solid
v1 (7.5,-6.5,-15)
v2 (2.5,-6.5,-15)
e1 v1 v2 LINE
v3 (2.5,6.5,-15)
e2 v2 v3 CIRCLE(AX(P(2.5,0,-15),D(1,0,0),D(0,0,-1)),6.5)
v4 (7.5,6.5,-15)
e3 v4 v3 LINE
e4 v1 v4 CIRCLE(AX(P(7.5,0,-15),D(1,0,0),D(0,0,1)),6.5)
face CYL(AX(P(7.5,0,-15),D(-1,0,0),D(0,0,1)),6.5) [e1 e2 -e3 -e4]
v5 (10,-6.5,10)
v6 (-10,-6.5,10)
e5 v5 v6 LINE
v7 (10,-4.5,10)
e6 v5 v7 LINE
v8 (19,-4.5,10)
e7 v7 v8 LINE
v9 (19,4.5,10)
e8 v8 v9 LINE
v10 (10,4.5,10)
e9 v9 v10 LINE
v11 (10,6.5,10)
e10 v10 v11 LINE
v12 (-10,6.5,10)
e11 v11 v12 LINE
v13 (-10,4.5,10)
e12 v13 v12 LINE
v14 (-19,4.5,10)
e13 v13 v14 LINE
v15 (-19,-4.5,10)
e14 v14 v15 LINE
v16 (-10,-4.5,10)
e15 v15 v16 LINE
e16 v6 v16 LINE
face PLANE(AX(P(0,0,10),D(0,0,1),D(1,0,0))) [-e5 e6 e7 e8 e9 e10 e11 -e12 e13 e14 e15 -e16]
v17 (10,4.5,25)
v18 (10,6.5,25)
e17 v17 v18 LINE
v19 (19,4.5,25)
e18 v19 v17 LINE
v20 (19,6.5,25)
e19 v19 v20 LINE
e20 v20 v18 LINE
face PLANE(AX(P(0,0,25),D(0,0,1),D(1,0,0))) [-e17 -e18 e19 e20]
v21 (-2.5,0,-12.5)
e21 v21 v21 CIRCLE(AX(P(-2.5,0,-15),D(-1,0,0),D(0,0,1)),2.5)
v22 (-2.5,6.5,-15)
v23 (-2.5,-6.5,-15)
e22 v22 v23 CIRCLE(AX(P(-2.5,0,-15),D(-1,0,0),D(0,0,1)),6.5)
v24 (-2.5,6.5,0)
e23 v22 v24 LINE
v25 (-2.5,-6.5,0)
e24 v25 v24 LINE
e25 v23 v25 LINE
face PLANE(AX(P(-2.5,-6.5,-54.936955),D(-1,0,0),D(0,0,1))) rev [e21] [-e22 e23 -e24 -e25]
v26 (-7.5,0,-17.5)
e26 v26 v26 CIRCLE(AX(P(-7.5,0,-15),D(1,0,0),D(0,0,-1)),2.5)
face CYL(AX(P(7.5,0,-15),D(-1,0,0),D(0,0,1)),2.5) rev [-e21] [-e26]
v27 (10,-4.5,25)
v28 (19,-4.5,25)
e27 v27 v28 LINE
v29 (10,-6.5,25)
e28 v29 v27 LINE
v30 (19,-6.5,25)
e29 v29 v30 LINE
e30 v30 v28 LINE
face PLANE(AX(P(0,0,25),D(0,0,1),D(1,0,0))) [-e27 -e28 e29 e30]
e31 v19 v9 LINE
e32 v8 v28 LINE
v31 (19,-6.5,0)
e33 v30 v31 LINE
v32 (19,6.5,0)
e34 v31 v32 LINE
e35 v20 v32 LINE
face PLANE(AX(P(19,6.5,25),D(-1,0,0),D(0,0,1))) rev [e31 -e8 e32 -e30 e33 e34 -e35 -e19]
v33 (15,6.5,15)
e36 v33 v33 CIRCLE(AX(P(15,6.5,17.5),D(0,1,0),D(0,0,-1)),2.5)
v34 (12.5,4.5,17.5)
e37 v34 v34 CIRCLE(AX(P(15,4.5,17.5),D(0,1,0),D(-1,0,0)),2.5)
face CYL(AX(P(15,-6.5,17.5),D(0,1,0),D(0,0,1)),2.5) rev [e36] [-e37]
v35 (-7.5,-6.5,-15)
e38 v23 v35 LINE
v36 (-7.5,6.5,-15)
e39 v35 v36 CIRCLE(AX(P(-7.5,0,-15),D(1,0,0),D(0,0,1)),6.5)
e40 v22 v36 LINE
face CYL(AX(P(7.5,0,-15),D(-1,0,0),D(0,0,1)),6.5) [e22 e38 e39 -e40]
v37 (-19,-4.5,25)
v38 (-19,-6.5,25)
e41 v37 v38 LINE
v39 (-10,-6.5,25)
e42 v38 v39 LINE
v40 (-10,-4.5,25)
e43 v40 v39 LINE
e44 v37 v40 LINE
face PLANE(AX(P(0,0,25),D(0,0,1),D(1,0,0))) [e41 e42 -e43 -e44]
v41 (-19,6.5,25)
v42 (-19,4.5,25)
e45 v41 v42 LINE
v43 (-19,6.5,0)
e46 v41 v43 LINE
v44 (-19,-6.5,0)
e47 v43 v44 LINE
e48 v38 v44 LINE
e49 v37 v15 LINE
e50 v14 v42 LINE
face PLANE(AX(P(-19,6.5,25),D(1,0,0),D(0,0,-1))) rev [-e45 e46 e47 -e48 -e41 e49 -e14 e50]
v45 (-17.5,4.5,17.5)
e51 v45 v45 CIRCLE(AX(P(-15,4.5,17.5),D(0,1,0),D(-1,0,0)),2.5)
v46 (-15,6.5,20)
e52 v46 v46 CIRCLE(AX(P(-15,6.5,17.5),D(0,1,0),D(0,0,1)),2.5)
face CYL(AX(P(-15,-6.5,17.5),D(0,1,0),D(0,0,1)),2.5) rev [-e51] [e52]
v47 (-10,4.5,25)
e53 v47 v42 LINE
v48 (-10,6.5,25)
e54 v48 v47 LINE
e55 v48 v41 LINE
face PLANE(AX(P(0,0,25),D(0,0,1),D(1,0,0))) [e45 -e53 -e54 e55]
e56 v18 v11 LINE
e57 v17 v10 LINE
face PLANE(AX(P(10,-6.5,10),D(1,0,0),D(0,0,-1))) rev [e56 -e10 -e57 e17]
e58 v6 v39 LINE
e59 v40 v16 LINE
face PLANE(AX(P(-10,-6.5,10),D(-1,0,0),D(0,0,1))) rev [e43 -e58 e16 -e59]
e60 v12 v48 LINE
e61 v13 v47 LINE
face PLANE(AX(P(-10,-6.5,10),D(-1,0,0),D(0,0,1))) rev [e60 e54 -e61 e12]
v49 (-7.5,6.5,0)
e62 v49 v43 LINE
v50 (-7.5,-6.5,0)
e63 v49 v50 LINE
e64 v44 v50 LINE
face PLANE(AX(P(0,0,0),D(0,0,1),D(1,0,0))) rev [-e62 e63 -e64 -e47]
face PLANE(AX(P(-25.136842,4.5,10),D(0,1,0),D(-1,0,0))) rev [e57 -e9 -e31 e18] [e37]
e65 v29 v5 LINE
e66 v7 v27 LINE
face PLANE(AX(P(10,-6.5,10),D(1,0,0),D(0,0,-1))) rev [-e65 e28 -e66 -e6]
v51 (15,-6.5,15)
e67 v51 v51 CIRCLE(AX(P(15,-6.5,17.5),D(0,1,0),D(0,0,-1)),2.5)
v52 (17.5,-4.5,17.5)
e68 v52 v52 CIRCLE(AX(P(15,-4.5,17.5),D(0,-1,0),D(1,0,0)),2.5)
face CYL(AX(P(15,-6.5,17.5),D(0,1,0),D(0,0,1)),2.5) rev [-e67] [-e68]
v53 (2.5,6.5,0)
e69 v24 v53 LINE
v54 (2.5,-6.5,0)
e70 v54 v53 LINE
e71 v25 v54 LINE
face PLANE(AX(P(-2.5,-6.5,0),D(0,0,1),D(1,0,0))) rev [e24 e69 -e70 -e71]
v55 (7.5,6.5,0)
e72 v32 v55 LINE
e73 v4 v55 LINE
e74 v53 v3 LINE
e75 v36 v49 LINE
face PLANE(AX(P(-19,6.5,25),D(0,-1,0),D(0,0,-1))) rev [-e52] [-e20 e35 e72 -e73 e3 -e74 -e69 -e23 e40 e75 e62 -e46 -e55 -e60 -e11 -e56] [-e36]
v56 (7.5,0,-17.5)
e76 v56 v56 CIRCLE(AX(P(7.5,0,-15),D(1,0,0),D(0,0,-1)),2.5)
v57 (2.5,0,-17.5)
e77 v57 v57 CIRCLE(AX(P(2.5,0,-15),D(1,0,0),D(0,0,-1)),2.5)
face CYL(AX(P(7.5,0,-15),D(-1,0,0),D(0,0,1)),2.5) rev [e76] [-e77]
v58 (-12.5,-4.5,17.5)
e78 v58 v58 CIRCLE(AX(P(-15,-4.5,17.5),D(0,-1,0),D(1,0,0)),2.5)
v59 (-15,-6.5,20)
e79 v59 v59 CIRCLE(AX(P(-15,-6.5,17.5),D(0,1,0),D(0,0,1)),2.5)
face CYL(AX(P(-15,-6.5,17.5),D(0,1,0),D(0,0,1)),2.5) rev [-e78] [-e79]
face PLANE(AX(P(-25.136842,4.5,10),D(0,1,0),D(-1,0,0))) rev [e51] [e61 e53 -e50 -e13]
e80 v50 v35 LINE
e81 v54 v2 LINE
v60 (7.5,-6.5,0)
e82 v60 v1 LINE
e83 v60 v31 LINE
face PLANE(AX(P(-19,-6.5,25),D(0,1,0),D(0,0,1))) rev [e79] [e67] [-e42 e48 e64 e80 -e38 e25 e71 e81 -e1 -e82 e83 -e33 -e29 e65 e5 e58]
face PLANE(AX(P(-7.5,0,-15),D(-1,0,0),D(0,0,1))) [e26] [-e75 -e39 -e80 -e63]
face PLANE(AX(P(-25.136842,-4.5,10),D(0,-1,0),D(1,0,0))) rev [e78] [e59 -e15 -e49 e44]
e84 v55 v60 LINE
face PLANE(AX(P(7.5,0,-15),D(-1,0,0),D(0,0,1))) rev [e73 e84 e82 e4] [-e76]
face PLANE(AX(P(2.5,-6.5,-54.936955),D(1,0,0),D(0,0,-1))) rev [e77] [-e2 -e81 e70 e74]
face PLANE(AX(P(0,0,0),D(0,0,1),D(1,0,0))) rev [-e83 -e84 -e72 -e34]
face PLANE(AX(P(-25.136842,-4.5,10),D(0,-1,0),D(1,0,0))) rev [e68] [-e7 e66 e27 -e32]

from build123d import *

# Parameters (mm, degrees)
SKETCH_1_W          = 38
SKETCH_1_H          = 13
EXTRUDE_1_DEPTH     = 25
SKETCH_2_W          = 50.27368421
SKETCH_2_H          = 9
CUT_EXTRUDE_1_DEPTH = 15
SKETCH_3_W          = 20
SKETCH_3_H          = 30
CUT_EXTRUDE_2_DEPTH = 34.985290936
SKETCH_4_R          = 2.5
CUT_EXTRUDE_3_DEPTH = 34.985290936
SKETCH_8_R          = 2.5
EXTRUDE_3_DEPTH     = 7.5
SKETCH_9_W          = 5
SKETCH_9_H          = 54.936954578
CUT_EXTRUDE_5_DEPTH = 34.985290936


with BuildPart() as part:
    # 草图1 → 凸台-拉伸1 (new body)
    with BuildSketch(Plane.XY):
        Rectangle(SKETCH_1_W, SKETCH_1_H)
    extrude(amount=EXTRUDE_1_DEPTH)

    # 草图2 → 切除-拉伸1 (cut)
    with BuildSketch(Plane.XY.offset(25)):
        Rectangle(SKETCH_2_W, SKETCH_2_H)
    extrude(amount=-CUT_EXTRUDE_1_DEPTH, mode=Mode.SUBTRACT)

    # 草图3 → 切除-拉伸2 (cut, through all)
    with BuildSketch(Plane(origin=(0, 6.5, 0), x_dir=(1, 0, 0), z_dir=(0, 1, 0))):
        with Locations((0, -25)):
            Rectangle(SKETCH_3_W, SKETCH_3_H)
    extrude(amount=-CUT_EXTRUDE_2_DEPTH, mode=Mode.SUBTRACT)

    # 草图4 → 切除-拉伸3 (cut, through all)
    with BuildSketch(Plane(origin=(0, 6.5, 0), x_dir=(1, 0, 0), z_dir=(0, 1, 0))):
        with Locations(Location((-15, -17.5, 0), (0, 0, 270))):
            Circle(SKETCH_4_R)
        with Locations((15, -17.5)):
            Circle(SKETCH_4_R)
    extrude(amount=-CUT_EXTRUDE_3_DEPTH, mode=Mode.SUBTRACT)

    # 草图8 → 凸台-拉伸3 (add, symmetric)
    with BuildSketch(Plane(origin=(0, 0, 0), x_dir=(0, 0, -1), z_dir=(1, 0, 0))):
        with BuildLine():
            Line((15, -6.5), (0, -6.5))
            Line((0, -6.5), (0, 6.5))
            Line((0, 6.5), (15, 6.5))
            ThreePointArc((15, 6.5), (21.5, 0), (15, -6.5))
        make_face()
        with Locations((15, 0)):
            Circle(SKETCH_8_R, mode=Mode.SUBTRACT)
    extrude(amount=EXTRUDE_3_DEPTH, both=True)

    # 草图9 → 切除-拉伸5 (cut, through all)
    with BuildSketch(Plane(origin=(0, 6.5, 0), x_dir=(1, 0, 0), z_dir=(0, 1, 0))):
        with Locations((0, 27.468477289)):
            Rectangle(SKETCH_9_W, SKETCH_9_H)
    extrude(amount=-CUT_EXTRUDE_5_DEPTH, mode=Mode.SUBTRACT)


solid = part.part
